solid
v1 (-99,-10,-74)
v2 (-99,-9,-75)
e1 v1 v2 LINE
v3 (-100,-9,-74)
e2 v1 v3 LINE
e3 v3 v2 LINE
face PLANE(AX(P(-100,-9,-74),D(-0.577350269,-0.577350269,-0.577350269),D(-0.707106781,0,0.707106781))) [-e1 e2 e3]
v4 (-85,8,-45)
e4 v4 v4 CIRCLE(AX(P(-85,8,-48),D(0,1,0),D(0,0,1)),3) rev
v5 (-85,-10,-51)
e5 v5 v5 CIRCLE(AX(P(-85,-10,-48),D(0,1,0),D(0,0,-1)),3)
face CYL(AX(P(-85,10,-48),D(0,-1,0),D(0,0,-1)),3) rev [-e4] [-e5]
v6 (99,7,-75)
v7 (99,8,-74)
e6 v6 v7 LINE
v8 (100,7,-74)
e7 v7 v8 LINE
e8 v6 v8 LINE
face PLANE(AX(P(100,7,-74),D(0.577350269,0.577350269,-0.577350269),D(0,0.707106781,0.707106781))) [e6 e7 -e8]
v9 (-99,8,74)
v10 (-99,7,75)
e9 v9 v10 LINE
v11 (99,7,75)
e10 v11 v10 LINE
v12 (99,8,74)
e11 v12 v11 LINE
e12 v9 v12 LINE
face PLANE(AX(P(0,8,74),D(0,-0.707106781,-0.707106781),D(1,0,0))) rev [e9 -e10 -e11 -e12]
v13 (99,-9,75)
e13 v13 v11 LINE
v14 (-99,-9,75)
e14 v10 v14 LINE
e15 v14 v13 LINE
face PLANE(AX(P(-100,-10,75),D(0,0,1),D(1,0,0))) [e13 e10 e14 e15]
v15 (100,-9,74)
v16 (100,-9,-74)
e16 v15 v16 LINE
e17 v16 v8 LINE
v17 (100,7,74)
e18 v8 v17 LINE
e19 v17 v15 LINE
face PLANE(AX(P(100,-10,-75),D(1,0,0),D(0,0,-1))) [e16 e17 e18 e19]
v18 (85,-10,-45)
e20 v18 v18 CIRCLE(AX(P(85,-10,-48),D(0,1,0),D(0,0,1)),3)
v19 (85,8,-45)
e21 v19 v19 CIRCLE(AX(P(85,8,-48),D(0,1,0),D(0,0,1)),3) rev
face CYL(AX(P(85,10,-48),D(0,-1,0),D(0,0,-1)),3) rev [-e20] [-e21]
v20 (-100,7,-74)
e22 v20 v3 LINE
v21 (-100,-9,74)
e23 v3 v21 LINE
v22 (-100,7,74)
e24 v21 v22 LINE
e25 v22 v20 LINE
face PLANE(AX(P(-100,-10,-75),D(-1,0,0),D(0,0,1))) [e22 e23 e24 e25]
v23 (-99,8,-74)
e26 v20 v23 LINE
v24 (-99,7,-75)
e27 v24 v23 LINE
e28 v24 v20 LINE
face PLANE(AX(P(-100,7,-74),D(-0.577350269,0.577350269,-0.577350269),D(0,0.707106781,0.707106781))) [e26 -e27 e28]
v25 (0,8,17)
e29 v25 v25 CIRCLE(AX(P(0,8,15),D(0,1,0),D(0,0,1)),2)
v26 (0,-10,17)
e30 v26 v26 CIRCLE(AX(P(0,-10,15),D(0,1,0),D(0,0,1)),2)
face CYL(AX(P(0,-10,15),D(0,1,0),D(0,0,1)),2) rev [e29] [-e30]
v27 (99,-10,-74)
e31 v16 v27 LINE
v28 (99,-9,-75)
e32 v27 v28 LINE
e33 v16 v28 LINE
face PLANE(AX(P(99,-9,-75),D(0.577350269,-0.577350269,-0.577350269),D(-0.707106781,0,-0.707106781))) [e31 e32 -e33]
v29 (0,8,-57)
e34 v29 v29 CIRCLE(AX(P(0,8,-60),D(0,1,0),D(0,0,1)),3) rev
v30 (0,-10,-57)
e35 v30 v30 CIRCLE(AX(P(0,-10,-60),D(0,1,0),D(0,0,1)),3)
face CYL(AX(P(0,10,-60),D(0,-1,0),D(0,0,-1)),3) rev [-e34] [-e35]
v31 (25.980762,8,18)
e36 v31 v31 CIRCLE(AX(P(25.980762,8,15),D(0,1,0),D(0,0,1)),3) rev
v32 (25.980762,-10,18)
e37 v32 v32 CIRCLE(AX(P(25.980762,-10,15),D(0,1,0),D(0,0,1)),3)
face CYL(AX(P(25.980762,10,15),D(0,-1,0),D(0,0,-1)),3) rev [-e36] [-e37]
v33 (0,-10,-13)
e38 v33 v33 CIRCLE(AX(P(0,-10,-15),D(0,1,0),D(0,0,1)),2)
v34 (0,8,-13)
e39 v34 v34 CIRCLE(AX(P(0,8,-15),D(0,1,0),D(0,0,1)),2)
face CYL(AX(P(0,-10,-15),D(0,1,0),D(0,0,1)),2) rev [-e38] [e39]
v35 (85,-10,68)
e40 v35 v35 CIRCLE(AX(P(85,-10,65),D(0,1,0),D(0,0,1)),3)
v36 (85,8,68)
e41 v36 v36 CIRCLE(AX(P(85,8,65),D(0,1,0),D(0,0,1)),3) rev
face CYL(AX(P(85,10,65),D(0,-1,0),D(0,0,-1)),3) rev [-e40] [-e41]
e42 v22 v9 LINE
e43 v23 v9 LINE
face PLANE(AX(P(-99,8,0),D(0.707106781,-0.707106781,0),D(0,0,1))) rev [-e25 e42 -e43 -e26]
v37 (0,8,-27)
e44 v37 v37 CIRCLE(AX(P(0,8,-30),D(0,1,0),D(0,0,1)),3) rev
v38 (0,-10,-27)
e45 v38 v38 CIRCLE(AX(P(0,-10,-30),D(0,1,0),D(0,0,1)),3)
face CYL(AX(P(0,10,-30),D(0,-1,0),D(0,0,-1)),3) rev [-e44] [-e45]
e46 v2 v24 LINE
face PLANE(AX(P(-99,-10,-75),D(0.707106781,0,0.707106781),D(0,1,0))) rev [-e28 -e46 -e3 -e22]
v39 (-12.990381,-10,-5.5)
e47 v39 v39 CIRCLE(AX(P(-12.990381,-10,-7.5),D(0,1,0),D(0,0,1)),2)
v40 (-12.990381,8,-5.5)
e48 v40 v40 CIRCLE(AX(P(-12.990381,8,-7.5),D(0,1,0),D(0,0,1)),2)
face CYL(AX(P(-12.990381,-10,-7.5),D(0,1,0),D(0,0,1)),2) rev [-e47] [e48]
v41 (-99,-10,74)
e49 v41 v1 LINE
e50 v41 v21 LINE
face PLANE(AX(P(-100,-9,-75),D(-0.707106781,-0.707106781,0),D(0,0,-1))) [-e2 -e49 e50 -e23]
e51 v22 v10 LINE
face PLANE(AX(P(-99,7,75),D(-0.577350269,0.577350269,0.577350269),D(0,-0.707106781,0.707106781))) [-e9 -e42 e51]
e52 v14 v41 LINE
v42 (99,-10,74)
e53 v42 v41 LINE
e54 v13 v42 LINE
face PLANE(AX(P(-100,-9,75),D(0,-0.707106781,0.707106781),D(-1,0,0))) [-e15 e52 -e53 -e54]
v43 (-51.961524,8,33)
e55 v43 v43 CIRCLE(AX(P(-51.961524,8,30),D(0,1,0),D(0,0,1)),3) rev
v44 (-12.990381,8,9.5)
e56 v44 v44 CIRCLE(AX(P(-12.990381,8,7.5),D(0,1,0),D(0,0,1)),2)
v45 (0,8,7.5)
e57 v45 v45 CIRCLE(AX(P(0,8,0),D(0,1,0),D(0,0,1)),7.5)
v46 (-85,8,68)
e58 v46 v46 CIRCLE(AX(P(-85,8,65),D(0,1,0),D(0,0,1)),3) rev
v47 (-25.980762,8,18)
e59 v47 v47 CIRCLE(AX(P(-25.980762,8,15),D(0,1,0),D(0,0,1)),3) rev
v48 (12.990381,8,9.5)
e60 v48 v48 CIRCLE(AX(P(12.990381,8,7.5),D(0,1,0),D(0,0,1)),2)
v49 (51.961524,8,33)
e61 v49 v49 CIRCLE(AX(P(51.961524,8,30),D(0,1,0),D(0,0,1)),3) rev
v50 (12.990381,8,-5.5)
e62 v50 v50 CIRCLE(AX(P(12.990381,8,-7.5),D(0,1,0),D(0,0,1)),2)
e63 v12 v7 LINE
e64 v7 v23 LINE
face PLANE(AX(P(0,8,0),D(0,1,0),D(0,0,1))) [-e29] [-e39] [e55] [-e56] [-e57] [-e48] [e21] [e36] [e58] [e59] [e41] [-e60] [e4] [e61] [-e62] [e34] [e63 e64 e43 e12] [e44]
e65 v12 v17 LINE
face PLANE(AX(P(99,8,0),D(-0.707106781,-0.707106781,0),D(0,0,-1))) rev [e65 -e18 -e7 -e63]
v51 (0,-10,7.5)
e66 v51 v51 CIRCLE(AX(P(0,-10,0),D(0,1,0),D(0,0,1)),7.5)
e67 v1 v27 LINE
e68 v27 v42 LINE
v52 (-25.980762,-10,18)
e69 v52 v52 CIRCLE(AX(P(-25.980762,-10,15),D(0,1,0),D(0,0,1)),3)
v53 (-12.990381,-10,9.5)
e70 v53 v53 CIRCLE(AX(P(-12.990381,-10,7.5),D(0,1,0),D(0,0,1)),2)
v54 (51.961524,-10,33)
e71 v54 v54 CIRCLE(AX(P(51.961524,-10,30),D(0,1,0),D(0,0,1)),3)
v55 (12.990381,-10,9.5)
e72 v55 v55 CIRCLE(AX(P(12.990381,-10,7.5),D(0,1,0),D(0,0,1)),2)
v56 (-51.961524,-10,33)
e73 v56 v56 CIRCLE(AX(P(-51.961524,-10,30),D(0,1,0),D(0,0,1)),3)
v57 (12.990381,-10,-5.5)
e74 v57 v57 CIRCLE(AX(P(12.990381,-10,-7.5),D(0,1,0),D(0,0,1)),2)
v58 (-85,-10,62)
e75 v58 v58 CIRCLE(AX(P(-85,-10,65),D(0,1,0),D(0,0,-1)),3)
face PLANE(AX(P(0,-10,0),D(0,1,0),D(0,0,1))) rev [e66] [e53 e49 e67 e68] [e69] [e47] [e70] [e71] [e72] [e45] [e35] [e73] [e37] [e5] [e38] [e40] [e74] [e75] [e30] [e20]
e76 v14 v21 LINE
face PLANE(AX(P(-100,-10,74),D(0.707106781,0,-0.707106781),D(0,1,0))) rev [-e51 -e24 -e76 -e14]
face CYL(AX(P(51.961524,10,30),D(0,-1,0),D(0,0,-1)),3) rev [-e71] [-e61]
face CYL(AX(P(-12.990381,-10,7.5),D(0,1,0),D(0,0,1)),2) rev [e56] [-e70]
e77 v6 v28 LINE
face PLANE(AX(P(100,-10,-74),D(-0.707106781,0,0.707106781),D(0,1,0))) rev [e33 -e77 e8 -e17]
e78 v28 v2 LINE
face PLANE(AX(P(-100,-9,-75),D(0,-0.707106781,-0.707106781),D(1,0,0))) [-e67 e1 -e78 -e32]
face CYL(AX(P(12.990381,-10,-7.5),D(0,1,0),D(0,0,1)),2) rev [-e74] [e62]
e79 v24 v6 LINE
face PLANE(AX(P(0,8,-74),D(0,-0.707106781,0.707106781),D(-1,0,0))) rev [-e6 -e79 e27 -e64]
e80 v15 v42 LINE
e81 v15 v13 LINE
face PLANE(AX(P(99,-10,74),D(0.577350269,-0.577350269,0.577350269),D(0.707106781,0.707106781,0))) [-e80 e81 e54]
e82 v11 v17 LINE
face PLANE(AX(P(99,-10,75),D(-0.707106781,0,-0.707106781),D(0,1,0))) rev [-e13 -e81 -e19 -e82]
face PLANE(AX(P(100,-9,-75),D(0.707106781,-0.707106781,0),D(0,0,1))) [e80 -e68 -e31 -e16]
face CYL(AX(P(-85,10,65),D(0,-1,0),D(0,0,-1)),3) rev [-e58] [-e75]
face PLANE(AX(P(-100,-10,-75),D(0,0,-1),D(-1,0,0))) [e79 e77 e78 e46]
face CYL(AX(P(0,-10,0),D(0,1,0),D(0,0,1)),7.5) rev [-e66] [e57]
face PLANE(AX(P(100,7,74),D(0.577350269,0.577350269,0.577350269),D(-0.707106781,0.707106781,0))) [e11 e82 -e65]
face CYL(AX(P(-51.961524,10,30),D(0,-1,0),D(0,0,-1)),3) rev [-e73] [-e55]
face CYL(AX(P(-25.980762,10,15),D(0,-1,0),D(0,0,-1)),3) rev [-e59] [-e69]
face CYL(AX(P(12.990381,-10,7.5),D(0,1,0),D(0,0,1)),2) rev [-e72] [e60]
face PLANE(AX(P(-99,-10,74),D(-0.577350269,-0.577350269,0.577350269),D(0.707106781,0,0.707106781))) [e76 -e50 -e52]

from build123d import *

# Parameters (mm, degrees)
SKETCH1_W                = 200
SKETCH1_H                = 150
SKETCH1_R                = 7.5
SKETCH1_R_2              = 2
BOSS_EXTRUDE1_DEPTH      = 8
BOSS_EXTRUDE1_DEPTH_BACK = 10
SKETCH2_R                = 3
CUT_EXTRUDE2_DEPTH       = 10
CUT_EXTRUDE2_DEPTH_BACK  = 10
CHAMFER2_SIZE            = 1


with BuildPart() as part:
    # Sketch1 → Boss-Extrude1 (new body, two sides)
    with BuildSketch(Plane(origin=(0, 0, 0), x_dir=(1, 0, 0), z_dir=(0, 1, 0))) as boss_extrude1_sk:
        Rectangle(SKETCH1_W, SKETCH1_H)
        Circle(SKETCH1_R, mode=Mode.SUBTRACT)
        with Locations((0, 15)):
            Circle(SKETCH1_R_2, mode=Mode.SUBTRACT)
        with Locations((12.990381057, 7.5)):
            Circle(SKETCH1_R_2, mode=Mode.SUBTRACT)
        with Locations((12.990381057, -7.5)):
            Circle(SKETCH1_R_2, mode=Mode.SUBTRACT)
        with Locations((0, -15)):
            Circle(SKETCH1_R_2, mode=Mode.SUBTRACT)
        with Locations((-12.990381057, -7.5)):
            Circle(SKETCH1_R_2, mode=Mode.SUBTRACT)
        with Locations((-12.990381057, 7.5)):
            Circle(SKETCH1_R_2, mode=Mode.SUBTRACT)
    extrude(amount=BOSS_EXTRUDE1_DEPTH)
    extrude(boss_extrude1_sk.sketch, amount=-BOSS_EXTRUDE1_DEPTH_BACK)

    # Sketch2 → Cut-Extrude2 (cut, two sides)
    with BuildSketch(Plane(origin=(0, 0, 0), x_dir=(1, 0, 0), z_dir=(0, 1, 0))) as cut_extrude2_sk:
        with Locations((-25.980762114, -15)):
            Circle(SKETCH2_R)
        with Locations((0, 30)):
            Circle(SKETCH2_R)
        with Locations((25.980762114, -15)):
            Circle(SKETCH2_R)
        with Locations((85, 48)):
            Circle(SKETCH2_R)
        with Locations((85, -65)):
            Circle(SKETCH2_R)
        with Locations((-51.961524227, -30)):
            Circle(SKETCH2_R)
        with Locations((-85, -65)):
            Circle(SKETCH2_R)
        with Locations((-85, 48)):
            Circle(SKETCH2_R)
        with Locations((0, 60)):
            Circle(SKETCH2_R)
        with Locations((51.961524227, -30)):
            Circle(SKETCH2_R)
    extrude(amount=CUT_EXTRUDE2_DEPTH, mode=Mode.SUBTRACT)
    extrude(cut_extrude2_sk.sketch, amount=-CUT_EXTRUDE2_DEPTH_BACK, mode=Mode.SUBTRACT)

    # Chamfer2
    chamfer2_edges = [part.edges().sort_by_distance(p)[0] for p in [
        (-100, -10, 0),
        (0, -10, 75),
        (100, 8, 0),
        (0, 8, -75),
        (-100, 8, 0),
        (0, 8, 75),
        (100, -10, 0),
        (0, -10, -75),
        (100, -1, 75),
        (-100, -1, 75),
        (-100, -1, -75),
        (100, -1, -75),
    ]]
    chamfer(chamfer2_edges, length=CHAMFER2_SIZE)


solid = part.part
